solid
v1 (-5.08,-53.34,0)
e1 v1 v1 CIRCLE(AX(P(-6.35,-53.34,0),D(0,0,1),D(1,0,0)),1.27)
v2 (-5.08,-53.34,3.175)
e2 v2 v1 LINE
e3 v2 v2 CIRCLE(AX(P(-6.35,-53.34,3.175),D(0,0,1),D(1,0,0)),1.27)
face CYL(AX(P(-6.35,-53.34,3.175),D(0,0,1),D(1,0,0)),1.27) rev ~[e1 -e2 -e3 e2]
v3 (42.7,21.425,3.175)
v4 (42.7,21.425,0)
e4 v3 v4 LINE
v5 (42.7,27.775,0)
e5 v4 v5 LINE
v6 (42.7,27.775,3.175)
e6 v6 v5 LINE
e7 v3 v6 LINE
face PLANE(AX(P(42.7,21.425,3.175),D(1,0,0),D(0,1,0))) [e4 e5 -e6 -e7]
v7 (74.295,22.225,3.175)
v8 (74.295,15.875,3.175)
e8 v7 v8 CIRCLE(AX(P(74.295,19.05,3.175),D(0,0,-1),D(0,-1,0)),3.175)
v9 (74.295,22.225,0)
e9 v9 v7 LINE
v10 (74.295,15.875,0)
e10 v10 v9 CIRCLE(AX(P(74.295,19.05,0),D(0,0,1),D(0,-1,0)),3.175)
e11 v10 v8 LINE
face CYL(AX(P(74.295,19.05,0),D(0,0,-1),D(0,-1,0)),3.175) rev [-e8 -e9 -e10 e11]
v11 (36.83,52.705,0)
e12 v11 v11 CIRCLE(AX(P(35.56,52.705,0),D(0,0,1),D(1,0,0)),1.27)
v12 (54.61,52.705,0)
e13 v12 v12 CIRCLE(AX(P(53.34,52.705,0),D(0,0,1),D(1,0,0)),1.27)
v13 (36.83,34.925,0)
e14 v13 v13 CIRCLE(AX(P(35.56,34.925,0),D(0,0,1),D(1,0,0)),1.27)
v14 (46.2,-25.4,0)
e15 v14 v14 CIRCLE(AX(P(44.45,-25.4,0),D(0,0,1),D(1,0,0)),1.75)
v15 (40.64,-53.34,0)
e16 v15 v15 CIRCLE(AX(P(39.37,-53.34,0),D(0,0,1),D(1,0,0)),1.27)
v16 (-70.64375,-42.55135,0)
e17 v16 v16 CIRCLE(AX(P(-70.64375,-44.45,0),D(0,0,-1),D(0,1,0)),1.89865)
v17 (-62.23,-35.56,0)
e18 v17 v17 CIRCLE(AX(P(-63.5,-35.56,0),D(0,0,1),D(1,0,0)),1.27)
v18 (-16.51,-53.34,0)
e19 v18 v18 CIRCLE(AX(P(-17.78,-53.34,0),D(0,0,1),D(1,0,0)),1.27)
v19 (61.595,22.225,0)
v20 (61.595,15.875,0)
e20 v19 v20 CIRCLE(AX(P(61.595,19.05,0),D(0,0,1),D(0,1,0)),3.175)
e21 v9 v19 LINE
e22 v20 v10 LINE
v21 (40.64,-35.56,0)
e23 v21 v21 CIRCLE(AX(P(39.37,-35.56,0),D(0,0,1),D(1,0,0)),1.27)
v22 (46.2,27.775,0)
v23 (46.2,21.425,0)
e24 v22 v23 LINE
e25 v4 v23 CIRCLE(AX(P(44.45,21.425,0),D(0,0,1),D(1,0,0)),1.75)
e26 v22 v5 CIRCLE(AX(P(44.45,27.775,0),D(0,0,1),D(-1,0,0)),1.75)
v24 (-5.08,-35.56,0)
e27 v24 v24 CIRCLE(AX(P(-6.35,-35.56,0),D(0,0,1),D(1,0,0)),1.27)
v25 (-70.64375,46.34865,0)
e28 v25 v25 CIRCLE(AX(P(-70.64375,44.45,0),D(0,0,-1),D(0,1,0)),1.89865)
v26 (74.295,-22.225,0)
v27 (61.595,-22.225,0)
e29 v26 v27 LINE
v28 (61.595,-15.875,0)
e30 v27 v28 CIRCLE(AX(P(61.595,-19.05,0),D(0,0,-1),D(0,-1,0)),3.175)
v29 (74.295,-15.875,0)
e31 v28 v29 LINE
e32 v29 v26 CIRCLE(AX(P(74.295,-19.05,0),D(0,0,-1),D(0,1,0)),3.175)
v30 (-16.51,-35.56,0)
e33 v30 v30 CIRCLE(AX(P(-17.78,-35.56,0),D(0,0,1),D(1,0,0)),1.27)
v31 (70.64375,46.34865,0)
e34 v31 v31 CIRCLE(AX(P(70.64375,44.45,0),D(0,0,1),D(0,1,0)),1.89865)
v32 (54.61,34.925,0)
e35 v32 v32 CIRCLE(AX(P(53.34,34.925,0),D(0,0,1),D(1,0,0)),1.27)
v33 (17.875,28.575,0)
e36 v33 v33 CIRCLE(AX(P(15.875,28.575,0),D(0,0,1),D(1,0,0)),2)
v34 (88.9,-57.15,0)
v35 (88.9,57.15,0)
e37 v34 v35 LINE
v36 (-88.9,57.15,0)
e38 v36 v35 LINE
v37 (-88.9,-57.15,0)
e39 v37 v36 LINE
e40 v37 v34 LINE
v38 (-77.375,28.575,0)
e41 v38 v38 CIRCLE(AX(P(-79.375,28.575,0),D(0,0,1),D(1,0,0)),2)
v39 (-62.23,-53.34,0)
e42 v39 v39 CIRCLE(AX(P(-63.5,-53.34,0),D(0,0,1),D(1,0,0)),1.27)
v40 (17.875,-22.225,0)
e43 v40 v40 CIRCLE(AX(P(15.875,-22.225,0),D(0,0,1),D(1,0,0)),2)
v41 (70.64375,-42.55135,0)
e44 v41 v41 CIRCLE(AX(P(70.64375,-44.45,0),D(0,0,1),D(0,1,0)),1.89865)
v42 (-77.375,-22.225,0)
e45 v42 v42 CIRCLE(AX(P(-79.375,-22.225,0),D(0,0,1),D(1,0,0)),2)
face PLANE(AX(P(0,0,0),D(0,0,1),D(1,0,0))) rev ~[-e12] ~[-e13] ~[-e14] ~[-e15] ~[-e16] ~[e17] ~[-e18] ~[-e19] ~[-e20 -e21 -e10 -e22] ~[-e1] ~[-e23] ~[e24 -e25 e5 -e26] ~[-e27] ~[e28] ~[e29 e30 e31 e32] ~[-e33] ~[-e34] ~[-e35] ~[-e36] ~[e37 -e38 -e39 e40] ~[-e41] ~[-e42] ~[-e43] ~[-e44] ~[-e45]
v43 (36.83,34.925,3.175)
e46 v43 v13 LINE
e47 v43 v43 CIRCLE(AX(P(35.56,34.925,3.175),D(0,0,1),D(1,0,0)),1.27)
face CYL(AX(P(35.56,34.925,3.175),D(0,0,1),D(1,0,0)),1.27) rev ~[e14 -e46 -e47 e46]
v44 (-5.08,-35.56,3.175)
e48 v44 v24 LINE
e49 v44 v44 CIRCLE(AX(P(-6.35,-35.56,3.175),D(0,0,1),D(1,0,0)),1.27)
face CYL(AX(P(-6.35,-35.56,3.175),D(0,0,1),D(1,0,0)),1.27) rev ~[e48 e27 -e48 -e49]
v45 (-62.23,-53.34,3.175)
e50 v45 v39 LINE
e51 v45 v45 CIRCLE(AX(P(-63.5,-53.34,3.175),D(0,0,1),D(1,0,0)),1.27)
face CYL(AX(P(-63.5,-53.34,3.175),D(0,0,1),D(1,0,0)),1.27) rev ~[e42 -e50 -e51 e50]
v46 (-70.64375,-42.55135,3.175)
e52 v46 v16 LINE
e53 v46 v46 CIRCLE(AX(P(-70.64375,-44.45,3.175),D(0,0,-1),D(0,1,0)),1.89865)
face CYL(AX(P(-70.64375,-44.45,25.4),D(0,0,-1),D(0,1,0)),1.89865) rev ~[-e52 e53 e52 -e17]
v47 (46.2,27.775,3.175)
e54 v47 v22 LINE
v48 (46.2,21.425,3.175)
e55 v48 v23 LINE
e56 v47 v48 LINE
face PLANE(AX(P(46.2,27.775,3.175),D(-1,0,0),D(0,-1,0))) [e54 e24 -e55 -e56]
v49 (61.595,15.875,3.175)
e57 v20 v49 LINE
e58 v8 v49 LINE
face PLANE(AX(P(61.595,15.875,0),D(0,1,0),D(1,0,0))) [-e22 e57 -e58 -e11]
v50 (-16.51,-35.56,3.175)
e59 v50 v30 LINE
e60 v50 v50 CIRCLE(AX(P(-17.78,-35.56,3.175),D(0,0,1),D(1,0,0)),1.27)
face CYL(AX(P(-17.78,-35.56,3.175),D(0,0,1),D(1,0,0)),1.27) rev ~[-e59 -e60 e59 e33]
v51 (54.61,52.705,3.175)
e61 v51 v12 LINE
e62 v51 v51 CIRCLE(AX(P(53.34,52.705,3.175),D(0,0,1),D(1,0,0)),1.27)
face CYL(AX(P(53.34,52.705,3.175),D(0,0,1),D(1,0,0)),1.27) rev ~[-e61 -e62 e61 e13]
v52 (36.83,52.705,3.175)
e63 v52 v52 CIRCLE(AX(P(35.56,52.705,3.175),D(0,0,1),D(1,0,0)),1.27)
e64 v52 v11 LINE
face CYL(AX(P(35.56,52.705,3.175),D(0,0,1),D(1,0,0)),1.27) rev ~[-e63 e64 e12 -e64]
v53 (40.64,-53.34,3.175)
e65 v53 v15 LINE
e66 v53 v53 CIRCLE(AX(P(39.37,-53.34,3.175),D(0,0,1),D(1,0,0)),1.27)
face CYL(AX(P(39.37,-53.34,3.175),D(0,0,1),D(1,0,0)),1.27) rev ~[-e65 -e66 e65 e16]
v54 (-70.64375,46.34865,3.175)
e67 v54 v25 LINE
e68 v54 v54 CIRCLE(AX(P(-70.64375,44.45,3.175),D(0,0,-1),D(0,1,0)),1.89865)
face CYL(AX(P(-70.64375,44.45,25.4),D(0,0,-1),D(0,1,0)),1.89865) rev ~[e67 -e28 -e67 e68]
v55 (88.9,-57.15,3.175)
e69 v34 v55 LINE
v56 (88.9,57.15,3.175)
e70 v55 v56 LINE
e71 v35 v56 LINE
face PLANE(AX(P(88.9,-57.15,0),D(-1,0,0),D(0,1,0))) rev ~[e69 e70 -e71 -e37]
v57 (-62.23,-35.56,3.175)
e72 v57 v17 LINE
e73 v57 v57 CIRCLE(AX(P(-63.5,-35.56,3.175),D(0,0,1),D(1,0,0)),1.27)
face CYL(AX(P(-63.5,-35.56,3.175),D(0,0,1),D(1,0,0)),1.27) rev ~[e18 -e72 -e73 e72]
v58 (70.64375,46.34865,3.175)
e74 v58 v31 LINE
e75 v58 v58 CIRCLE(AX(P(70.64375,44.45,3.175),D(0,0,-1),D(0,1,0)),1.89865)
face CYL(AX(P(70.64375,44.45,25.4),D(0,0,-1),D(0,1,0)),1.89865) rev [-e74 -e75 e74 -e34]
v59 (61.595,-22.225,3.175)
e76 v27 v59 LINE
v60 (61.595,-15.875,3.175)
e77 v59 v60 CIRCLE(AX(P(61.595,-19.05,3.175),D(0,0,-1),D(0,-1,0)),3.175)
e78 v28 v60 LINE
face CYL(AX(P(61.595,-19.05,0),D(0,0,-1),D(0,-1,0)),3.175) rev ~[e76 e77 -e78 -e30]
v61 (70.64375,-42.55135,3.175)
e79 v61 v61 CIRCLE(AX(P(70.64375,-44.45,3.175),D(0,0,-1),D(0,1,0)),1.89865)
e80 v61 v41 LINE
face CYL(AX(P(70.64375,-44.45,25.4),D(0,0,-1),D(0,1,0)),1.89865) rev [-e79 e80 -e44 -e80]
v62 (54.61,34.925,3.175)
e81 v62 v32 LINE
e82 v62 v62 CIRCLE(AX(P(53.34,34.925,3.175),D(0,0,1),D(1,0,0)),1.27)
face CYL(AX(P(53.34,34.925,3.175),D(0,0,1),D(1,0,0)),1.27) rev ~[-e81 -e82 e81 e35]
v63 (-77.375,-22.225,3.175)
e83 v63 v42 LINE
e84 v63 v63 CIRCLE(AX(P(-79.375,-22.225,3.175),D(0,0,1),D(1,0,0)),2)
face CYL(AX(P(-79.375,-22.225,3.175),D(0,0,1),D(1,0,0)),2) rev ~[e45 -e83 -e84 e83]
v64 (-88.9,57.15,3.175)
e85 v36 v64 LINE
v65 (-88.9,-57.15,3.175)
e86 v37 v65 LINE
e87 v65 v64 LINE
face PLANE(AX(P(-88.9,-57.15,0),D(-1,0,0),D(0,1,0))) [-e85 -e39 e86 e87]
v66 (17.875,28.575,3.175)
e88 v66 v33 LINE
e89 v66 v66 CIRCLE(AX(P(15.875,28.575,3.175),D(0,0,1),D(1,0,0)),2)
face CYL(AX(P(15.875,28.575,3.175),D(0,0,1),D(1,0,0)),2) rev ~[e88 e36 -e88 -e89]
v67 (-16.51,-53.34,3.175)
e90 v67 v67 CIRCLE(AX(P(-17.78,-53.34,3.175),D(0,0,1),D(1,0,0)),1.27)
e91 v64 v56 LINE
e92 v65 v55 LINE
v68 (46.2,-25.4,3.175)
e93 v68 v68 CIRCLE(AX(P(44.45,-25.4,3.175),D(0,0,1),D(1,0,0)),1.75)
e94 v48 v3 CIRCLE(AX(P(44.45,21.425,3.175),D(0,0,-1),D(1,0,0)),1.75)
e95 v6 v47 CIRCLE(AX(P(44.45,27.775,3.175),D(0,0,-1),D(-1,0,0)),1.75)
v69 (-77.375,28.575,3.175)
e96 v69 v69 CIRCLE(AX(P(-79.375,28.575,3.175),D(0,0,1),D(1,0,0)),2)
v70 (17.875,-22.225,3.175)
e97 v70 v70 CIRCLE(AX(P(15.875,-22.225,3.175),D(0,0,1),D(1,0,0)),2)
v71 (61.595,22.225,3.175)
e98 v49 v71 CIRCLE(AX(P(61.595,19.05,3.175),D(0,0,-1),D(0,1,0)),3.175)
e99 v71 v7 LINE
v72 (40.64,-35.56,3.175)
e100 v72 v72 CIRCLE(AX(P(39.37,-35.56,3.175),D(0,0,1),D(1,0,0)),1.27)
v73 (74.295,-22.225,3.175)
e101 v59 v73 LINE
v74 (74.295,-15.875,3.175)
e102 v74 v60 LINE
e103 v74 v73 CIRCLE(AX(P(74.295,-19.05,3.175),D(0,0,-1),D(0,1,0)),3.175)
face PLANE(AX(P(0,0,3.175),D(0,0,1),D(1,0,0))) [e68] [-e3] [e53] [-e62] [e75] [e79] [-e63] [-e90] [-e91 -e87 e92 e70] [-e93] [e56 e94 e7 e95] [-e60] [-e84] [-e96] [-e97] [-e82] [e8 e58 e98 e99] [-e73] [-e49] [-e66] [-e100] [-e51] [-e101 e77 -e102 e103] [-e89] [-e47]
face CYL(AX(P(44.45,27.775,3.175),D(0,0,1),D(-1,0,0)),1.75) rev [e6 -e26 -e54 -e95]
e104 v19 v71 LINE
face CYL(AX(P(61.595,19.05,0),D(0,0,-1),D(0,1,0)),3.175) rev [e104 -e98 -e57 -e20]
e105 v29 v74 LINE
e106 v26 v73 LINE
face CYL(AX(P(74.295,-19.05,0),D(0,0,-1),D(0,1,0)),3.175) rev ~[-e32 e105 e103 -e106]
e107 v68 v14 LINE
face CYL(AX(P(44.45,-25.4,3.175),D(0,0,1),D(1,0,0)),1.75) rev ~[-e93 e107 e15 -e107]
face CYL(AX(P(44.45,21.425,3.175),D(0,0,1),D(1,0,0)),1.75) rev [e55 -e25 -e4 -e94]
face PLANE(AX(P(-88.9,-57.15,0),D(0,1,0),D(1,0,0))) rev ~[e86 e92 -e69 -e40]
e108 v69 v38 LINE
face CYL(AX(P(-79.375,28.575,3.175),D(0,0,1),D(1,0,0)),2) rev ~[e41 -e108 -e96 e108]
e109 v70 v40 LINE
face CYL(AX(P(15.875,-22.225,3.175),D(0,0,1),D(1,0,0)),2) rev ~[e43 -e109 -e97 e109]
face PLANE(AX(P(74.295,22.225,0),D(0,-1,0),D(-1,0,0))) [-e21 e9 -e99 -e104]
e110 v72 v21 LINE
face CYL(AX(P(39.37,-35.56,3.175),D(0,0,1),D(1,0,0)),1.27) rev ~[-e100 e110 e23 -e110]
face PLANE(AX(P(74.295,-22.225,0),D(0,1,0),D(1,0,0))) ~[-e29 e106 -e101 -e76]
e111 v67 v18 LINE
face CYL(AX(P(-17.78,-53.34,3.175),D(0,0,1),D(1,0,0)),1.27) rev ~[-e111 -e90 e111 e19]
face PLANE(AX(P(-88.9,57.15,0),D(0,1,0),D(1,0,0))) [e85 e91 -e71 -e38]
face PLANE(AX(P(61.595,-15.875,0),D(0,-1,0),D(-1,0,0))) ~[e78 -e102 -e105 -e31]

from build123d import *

# Parameters (mm, degrees)
SKETCH1_W                      = 177.8
SKETCH1_H                      = 114.3
BOSS_EXTRUDE1_DEPTH            = 3.175
SKETCH8_R                      = 2
CUT_EXTRUDE2_DEPTH             = 106.732743864
SKETCH9_R                      = 1.27
CUT_EXTRUDE3_DEPTH             = 106.732743864
LPATTERN1_COUNT                = 2
LPATTERN1_PITCH                = 57.15
SKETCH10_R                     = 1.27
CUT_EXTRUDE4_DEPTH             = 106.732743864
SKETCH11_R                     = 1.75
CUT_EXTRUDE5_DEPTH             = 106.732743864
F_6_CLEARANCE_HOLE1_AT_2_COUNT = 2
F_6_CLEARANCE_HOLE1_AT_2_PITCH = 88.9
CUT_EXTRUDE6_DEPTH             = 106.732743864


with BuildPart() as part:
    # Sketch1 → Boss-Extrude1 (new body)
    with BuildSketch(Plane.XY):
        Rectangle(SKETCH1_W, SKETCH1_H)
    extrude(amount=BOSS_EXTRUDE1_DEPTH)

    # Sketch8 → Cut-Extrude2 (cut, through all)
    with BuildSketch(Plane.XY.offset(3.175)):
        with Locations((-79.375, 28.575)):
            Circle(SKETCH8_R)
        with Locations((15.875, 28.575)):
            Circle(SKETCH8_R)
        with Locations((15.875, -22.225)):
            Circle(SKETCH8_R)
        with Locations((-79.375, -22.225)):
            Circle(SKETCH8_R)
    extrude(amount=-CUT_EXTRUDE2_DEPTH, mode=Mode.SUBTRACT)

    # Sketch9 → Cut-Extrude3 (cut, through all)
    with BuildSketch(Plane.XY.offset(3.175)):
        with Locations((-63.5, -35.56)):
            Circle(SKETCH9_R)
        with Locations((-17.78, -35.56)):
            Circle(SKETCH9_R)
        with Locations((-17.78, -53.34)):
            Circle(SKETCH9_R)
        with Locations((-63.5, -53.34)):
            Circle(SKETCH9_R)
    cut_extrude3 = extrude(amount=-CUT_EXTRUDE3_DEPTH, mode=Mode.SUBTRACT)

    # LPattern1: Cut-Extrude3 ×2
    with Locations(*[(i * LPATTERN1_PITCH, 0, 0) for i in range(1, LPATTERN1_COUNT)]):
        add(cut_extrude3, mode=Mode.SUBTRACT)

    # Sketch10 → Cut-Extrude4 (cut, through all)
    with BuildSketch(Plane.XY.offset(3.175)):
        with Locations((35.56, 52.705)):
            Circle(SKETCH10_R)
        with Locations((53.34, 52.705)):
            Circle(SKETCH10_R)
        with Locations((53.34, 34.925)):
            Circle(SKETCH10_R)
        with Locations((35.56, 34.925)):
            Circle(SKETCH10_R)
    extrude(amount=-CUT_EXTRUDE4_DEPTH, mode=Mode.SUBTRACT)

    # Sketch11 → Cut-Extrude5 (cut, through all)
    with BuildSketch(Plane.XY.offset(3.175)):
        with Locations((44.45, -25.4)):
            Circle(SKETCH11_R)
        with BuildLine():
            Line((42.7, 21.425), (42.7, 27.775))
            ThreePointArc((42.7, 27.775), (44.45, 29.525), (46.2, 27.775))
            Line((46.2, 27.775), (46.2, 21.425))
            ThreePointArc((46.2, 21.425), (44.45, 19.675), (42.7, 21.425))
        make_face()
    extrude(amount=-CUT_EXTRUDE5_DEPTH, mode=Mode.SUBTRACT)

    # Sketch15 → #6 Clearance Hole1 (revolve, cut)
    with BuildSketch(Plane(origin=(70.64375, 44.45, 0), x_dir=(0, 1, 0), z_dir=(1, 0, 0))):
        Polygon((0, 0), (0, 26.540824014), (1.89865, 25.4), (1.89865, 0), align=None)
    f_6_clearance_hole1 = revolve(axis=Axis((70.64375, 44.45, -6.35), (0, 0, 1)), mode=Mode.SUBTRACT)

    # #6 Clearance Hole1 at 2: #6 Clearance Hole1 ×2
    with Locations(*[(0, -i * F_6_CLEARANCE_HOLE1_AT_2_PITCH, 0) for i in range(1, F_6_CLEARANCE_HOLE1_AT_2_COUNT)]):
        add(f_6_clearance_hole1, mode=Mode.SUBTRACT)

    # Sketch16 → Cut-Extrude6 (cut, through all)
    with BuildSketch(Plane(origin=(0, 0, 0), x_dir=(-1, 0, 0), z_dir=(0, 0, -1))):
        with BuildLine():
            Line((-74.295, 22.225), (-61.595, 22.225))
            ThreePointArc((-61.595, 22.225), (-58.42, 19.05), (-61.595, 15.875))
            Line((-61.595, 15.875), (-74.295, 15.875))
            ThreePointArc((-74.295, 15.875), (-77.47, 19.05), (-74.295, 22.225))
        make_face()
    cut_extrude6 = extrude(amount=-CUT_EXTRUDE6_DEPTH, mode=Mode.SUBTRACT)

    # Mirror4: Cut-Extrude6 across plane
    add(cut_extrude6.mirror(Plane.ZX), mode=Mode.SUBTRACT)

    # Mirror5: #6 Clearance Hole1 across plane
    add(f_6_clearance_hole1.mirror(Plane(origin=(0, 0, 0), x_dir=(0, 0, 1), z_dir=(1, 0, 0))), mode=Mode.SUBTRACT)

    # Mirror5 copy 1 sketch → Mirror5 copy 1 (revolve, cut)
    with BuildSketch(Plane(origin=(-70.64375, -44.45, 0), x_dir=(0, 1, 0), z_dir=(-1, 0, 0))):
        Polygon((0, 0), (0, -26.540824014), (1.89865, -25.4), (1.89865, 0), align=None)
    revolve(axis=Axis((-70.64375, -44.45, -6.35), (0, 0, -1)), mode=Mode.SUBTRACT)


solid = part.part
